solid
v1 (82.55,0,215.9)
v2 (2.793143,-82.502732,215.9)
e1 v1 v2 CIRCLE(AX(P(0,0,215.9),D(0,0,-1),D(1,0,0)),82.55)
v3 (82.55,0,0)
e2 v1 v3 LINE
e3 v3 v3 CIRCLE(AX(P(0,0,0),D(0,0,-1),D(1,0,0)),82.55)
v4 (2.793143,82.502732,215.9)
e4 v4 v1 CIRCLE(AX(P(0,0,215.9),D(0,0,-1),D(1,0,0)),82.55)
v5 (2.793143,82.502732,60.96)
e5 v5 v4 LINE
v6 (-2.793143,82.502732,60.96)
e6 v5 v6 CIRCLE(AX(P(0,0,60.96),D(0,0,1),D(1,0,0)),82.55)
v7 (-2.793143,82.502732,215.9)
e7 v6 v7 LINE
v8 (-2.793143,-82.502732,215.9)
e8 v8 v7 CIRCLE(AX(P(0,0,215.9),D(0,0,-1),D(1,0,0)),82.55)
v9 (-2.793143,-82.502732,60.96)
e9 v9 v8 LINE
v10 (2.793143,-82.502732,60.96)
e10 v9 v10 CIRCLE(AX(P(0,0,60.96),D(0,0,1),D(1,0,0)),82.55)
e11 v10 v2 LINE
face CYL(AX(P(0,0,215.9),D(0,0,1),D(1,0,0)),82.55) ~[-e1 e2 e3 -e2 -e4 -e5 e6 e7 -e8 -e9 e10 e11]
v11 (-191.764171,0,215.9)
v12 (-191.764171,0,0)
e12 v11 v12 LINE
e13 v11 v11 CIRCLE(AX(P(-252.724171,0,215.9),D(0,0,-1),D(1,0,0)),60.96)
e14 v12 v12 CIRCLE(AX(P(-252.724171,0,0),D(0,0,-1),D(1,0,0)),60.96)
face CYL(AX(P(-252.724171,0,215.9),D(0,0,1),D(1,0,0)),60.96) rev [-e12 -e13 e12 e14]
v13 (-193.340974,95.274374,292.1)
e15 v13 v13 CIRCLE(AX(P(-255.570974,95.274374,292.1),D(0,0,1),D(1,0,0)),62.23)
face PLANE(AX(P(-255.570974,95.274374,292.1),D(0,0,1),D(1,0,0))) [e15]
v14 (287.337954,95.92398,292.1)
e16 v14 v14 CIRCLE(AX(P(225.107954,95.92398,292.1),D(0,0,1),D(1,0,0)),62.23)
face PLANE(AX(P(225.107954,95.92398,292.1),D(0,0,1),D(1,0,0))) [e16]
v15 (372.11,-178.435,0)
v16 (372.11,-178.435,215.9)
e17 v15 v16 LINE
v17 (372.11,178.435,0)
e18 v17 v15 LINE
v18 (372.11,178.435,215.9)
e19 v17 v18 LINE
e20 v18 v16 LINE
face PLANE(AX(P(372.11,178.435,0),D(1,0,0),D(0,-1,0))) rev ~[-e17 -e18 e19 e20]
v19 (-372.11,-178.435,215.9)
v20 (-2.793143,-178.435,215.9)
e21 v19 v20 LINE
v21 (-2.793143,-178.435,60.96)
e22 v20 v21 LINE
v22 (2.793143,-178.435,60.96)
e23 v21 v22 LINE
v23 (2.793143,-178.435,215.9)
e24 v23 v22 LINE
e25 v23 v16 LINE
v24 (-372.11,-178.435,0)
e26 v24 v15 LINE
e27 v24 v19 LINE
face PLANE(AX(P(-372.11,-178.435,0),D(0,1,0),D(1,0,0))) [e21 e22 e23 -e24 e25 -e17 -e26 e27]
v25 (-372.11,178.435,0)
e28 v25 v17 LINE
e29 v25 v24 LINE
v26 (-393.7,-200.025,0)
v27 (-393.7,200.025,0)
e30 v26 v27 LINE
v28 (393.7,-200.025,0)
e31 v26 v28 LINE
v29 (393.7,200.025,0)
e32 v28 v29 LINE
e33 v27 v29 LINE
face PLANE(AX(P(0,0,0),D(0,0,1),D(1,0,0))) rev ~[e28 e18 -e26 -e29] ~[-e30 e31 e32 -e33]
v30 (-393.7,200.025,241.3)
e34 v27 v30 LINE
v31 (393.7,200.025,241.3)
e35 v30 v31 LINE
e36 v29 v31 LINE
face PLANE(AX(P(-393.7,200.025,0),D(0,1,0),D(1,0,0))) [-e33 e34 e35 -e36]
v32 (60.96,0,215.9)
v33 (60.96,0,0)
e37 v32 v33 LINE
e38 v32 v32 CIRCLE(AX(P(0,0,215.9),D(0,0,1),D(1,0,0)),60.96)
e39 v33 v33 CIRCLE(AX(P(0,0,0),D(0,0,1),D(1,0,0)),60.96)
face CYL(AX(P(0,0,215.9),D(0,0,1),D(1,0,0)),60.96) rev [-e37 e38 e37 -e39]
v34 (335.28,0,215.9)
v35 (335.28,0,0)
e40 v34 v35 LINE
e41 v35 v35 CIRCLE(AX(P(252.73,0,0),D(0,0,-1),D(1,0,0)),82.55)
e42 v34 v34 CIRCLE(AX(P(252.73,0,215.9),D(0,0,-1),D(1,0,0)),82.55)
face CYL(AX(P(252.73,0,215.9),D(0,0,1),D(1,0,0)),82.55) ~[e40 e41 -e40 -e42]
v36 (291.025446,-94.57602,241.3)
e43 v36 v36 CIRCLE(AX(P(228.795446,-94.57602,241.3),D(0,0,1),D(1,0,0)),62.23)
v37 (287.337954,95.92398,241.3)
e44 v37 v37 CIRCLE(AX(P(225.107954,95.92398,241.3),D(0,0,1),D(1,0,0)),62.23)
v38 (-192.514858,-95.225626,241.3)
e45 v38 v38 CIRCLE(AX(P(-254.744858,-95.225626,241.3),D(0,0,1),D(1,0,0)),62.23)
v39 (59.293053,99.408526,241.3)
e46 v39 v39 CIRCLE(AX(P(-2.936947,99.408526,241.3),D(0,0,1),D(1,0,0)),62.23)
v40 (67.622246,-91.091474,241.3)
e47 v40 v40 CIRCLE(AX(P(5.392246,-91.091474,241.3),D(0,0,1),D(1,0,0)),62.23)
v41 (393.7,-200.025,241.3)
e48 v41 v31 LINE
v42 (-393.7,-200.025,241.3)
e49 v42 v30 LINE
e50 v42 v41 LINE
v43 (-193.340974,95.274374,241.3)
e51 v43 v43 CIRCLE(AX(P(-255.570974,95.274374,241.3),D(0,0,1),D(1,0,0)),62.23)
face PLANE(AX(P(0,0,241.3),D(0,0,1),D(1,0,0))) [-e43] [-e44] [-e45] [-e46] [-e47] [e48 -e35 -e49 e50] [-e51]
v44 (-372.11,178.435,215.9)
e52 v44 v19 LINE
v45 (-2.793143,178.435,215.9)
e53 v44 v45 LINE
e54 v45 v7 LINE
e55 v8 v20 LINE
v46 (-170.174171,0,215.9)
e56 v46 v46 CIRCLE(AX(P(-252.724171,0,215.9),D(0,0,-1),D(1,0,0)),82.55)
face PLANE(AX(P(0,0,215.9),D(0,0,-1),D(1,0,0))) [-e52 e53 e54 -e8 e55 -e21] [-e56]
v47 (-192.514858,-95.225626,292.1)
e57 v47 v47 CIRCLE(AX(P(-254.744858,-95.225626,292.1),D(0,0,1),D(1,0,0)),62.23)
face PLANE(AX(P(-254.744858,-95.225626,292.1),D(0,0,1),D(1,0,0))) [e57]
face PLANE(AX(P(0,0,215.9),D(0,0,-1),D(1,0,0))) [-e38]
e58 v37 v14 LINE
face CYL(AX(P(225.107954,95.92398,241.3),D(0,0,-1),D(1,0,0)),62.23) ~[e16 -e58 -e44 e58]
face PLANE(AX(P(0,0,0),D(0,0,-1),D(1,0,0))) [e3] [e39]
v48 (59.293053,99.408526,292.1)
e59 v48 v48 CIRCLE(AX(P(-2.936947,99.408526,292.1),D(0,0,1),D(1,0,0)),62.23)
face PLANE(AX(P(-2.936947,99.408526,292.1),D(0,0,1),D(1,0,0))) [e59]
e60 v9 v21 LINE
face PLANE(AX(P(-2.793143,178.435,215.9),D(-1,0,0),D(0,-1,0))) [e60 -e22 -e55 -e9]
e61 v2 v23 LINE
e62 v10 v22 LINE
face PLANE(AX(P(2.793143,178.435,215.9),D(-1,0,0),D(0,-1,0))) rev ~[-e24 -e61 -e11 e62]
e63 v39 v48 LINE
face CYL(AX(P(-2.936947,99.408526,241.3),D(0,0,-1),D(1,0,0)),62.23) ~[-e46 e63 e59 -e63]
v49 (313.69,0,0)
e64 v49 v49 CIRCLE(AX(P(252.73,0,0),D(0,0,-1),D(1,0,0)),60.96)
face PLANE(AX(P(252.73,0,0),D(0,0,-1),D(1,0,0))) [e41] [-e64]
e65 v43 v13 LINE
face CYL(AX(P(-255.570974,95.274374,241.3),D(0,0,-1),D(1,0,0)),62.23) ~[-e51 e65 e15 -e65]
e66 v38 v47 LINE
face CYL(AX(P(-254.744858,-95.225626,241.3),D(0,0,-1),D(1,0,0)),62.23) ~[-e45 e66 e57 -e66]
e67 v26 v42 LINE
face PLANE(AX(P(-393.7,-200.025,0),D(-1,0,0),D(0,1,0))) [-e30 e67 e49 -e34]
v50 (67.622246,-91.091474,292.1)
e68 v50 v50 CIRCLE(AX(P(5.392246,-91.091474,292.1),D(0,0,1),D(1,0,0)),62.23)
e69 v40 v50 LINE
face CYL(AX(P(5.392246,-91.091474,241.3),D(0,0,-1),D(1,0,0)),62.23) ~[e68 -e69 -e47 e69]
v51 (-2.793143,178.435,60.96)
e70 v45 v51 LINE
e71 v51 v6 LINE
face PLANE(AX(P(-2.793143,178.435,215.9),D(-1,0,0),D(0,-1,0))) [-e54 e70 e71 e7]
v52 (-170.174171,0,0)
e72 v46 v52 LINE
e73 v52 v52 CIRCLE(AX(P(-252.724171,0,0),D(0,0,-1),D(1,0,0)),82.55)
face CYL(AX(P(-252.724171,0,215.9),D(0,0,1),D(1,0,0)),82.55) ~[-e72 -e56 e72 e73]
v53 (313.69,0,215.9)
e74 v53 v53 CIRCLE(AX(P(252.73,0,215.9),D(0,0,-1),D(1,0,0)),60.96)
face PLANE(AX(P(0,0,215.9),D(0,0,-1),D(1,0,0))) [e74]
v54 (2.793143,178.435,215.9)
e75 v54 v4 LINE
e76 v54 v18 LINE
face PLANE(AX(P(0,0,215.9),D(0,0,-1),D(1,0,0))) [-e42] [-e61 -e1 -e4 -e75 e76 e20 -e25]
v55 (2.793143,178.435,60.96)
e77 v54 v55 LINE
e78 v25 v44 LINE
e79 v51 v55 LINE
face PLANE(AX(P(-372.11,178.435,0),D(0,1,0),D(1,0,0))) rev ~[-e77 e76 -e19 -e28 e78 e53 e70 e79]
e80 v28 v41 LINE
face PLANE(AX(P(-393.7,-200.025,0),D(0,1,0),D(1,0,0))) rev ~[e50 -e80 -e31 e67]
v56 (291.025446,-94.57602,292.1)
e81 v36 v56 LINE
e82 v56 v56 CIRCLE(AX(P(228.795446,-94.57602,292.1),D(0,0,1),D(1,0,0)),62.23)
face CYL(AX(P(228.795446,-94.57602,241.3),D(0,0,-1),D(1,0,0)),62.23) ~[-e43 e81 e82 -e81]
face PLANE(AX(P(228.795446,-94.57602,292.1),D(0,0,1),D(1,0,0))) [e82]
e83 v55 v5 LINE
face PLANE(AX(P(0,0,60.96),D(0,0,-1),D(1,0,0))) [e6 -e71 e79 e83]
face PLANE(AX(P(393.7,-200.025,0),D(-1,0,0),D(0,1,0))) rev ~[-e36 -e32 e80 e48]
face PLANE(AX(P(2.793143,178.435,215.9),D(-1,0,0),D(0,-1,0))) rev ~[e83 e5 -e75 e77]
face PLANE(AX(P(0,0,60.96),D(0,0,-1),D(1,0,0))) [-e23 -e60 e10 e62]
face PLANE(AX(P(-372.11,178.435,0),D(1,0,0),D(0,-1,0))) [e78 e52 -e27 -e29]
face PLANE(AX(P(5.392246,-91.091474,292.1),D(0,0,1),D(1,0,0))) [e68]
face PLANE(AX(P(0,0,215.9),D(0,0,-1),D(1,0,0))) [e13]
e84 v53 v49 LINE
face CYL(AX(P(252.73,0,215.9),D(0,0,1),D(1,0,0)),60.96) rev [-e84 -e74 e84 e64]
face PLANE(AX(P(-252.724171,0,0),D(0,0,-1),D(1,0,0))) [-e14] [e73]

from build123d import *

# Parameters (mm, degrees)
F0_W      = 787.4
F0_H      = 400.05
F1_DEPTH  = 241.3
F2_R      = 62.23
F3_DEPTH  = 50.8
F4_W      = 744.22
F4_H      = 356.87
F5_DEPTH  = 215.9
F6_R      = 82.55
F6_R_2    = 60.96
F7_DEPTH  = 215.9
F8_W      = 5.5862860754
F8_H      = 356.87
F9_DEPTH  = 154.94
F10_DEPTH = 254
F11_DEPTH = 154.94


with BuildPart() as f1:
    # F0 (on Top) → F1 (new body)
    with BuildSketch(Plane.XY):
        Rectangle(F0_W, F0_H)
    extrude(amount=F1_DEPTH)

    # F2 (on face) → F3 (join)
    with BuildSketch(Plane.XY.offset(241.3)):
        with Locations((-254.7448580774, -95.225625706)):
            Circle(F2_R)
        with Locations((-255.5709736083, 95.274374294)):
            Circle(F2_R)
        with Locations((-2.9369472516, 99.4085264267)):
            Circle(F2_R)
        with Locations((5.3922456924, -91.0914735733)):
            Circle(F2_R)
        with Locations((225.107953531, 95.9239800905)):
            Circle(F2_R)
        with Locations((228.7954458169, -94.5760199095)):
            Circle(F2_R)
    extrude(amount=F3_DEPTH)

    # F4 (on face) → F5 (cut)
    with BuildSketch(Plane(origin=(0, 0, 0), x_dir=(1, 0, 0), z_dir=(0, 0, -1))):
        Rectangle(F4_W, F4_H)
    extrude(amount=-F5_DEPTH, mode=Mode.SUBTRACT)

    # F6 (on face) → F7 (join)
    with BuildSketch(Plane(origin=(0, 0, 215.9), x_dir=(1, 0, 0), z_dir=(0, 0, -1))):
        with Locations((-252.7241706848, 0)):
            Circle(F6_R)
        with Locations((-252.7241706848, 0)):
            Circle(F6_R_2, mode=Mode.SUBTRACT)
        Circle(F6_R)
        Circle(F6_R_2, mode=Mode.SUBTRACT)
        with Locations((252.73, 0)):
            Circle(F6_R)
        with Locations((252.73, 0)):
            Circle(F6_R_2, mode=Mode.SUBTRACT)
    extrude(amount=F7_DEPTH)

    # F8 (on face) → F9 (join)
    with BuildSketch(Plane(origin=(0, 0, 215.9), x_dir=(1, 0, 0), z_dir=(0, 0, -1))):
        Rectangle(F8_W, F8_H)
    extrude(amount=F9_DEPTH)

    # F10 (cut): faces of the model
    f10_faces = [f1.faces().sort_by_distance(p)[0] for p in [
        (-27.3880241928, 0, 215.9),
        (27.3880241928, 0, 215.9),
    ]]
    extrude(f10_faces, amount=F10_DEPTH, mode=Mode.SUBTRACT)

    # F11 (cut): a face of the model
    f11_faces = [f1.faces().sort_by_distance(p)[0] for p in [
        (0, 0, 60.96),
    ]]
    extrude(f11_faces, amount=-F11_DEPTH, mode=Mode.SUBTRACT)


solid = f1.part
